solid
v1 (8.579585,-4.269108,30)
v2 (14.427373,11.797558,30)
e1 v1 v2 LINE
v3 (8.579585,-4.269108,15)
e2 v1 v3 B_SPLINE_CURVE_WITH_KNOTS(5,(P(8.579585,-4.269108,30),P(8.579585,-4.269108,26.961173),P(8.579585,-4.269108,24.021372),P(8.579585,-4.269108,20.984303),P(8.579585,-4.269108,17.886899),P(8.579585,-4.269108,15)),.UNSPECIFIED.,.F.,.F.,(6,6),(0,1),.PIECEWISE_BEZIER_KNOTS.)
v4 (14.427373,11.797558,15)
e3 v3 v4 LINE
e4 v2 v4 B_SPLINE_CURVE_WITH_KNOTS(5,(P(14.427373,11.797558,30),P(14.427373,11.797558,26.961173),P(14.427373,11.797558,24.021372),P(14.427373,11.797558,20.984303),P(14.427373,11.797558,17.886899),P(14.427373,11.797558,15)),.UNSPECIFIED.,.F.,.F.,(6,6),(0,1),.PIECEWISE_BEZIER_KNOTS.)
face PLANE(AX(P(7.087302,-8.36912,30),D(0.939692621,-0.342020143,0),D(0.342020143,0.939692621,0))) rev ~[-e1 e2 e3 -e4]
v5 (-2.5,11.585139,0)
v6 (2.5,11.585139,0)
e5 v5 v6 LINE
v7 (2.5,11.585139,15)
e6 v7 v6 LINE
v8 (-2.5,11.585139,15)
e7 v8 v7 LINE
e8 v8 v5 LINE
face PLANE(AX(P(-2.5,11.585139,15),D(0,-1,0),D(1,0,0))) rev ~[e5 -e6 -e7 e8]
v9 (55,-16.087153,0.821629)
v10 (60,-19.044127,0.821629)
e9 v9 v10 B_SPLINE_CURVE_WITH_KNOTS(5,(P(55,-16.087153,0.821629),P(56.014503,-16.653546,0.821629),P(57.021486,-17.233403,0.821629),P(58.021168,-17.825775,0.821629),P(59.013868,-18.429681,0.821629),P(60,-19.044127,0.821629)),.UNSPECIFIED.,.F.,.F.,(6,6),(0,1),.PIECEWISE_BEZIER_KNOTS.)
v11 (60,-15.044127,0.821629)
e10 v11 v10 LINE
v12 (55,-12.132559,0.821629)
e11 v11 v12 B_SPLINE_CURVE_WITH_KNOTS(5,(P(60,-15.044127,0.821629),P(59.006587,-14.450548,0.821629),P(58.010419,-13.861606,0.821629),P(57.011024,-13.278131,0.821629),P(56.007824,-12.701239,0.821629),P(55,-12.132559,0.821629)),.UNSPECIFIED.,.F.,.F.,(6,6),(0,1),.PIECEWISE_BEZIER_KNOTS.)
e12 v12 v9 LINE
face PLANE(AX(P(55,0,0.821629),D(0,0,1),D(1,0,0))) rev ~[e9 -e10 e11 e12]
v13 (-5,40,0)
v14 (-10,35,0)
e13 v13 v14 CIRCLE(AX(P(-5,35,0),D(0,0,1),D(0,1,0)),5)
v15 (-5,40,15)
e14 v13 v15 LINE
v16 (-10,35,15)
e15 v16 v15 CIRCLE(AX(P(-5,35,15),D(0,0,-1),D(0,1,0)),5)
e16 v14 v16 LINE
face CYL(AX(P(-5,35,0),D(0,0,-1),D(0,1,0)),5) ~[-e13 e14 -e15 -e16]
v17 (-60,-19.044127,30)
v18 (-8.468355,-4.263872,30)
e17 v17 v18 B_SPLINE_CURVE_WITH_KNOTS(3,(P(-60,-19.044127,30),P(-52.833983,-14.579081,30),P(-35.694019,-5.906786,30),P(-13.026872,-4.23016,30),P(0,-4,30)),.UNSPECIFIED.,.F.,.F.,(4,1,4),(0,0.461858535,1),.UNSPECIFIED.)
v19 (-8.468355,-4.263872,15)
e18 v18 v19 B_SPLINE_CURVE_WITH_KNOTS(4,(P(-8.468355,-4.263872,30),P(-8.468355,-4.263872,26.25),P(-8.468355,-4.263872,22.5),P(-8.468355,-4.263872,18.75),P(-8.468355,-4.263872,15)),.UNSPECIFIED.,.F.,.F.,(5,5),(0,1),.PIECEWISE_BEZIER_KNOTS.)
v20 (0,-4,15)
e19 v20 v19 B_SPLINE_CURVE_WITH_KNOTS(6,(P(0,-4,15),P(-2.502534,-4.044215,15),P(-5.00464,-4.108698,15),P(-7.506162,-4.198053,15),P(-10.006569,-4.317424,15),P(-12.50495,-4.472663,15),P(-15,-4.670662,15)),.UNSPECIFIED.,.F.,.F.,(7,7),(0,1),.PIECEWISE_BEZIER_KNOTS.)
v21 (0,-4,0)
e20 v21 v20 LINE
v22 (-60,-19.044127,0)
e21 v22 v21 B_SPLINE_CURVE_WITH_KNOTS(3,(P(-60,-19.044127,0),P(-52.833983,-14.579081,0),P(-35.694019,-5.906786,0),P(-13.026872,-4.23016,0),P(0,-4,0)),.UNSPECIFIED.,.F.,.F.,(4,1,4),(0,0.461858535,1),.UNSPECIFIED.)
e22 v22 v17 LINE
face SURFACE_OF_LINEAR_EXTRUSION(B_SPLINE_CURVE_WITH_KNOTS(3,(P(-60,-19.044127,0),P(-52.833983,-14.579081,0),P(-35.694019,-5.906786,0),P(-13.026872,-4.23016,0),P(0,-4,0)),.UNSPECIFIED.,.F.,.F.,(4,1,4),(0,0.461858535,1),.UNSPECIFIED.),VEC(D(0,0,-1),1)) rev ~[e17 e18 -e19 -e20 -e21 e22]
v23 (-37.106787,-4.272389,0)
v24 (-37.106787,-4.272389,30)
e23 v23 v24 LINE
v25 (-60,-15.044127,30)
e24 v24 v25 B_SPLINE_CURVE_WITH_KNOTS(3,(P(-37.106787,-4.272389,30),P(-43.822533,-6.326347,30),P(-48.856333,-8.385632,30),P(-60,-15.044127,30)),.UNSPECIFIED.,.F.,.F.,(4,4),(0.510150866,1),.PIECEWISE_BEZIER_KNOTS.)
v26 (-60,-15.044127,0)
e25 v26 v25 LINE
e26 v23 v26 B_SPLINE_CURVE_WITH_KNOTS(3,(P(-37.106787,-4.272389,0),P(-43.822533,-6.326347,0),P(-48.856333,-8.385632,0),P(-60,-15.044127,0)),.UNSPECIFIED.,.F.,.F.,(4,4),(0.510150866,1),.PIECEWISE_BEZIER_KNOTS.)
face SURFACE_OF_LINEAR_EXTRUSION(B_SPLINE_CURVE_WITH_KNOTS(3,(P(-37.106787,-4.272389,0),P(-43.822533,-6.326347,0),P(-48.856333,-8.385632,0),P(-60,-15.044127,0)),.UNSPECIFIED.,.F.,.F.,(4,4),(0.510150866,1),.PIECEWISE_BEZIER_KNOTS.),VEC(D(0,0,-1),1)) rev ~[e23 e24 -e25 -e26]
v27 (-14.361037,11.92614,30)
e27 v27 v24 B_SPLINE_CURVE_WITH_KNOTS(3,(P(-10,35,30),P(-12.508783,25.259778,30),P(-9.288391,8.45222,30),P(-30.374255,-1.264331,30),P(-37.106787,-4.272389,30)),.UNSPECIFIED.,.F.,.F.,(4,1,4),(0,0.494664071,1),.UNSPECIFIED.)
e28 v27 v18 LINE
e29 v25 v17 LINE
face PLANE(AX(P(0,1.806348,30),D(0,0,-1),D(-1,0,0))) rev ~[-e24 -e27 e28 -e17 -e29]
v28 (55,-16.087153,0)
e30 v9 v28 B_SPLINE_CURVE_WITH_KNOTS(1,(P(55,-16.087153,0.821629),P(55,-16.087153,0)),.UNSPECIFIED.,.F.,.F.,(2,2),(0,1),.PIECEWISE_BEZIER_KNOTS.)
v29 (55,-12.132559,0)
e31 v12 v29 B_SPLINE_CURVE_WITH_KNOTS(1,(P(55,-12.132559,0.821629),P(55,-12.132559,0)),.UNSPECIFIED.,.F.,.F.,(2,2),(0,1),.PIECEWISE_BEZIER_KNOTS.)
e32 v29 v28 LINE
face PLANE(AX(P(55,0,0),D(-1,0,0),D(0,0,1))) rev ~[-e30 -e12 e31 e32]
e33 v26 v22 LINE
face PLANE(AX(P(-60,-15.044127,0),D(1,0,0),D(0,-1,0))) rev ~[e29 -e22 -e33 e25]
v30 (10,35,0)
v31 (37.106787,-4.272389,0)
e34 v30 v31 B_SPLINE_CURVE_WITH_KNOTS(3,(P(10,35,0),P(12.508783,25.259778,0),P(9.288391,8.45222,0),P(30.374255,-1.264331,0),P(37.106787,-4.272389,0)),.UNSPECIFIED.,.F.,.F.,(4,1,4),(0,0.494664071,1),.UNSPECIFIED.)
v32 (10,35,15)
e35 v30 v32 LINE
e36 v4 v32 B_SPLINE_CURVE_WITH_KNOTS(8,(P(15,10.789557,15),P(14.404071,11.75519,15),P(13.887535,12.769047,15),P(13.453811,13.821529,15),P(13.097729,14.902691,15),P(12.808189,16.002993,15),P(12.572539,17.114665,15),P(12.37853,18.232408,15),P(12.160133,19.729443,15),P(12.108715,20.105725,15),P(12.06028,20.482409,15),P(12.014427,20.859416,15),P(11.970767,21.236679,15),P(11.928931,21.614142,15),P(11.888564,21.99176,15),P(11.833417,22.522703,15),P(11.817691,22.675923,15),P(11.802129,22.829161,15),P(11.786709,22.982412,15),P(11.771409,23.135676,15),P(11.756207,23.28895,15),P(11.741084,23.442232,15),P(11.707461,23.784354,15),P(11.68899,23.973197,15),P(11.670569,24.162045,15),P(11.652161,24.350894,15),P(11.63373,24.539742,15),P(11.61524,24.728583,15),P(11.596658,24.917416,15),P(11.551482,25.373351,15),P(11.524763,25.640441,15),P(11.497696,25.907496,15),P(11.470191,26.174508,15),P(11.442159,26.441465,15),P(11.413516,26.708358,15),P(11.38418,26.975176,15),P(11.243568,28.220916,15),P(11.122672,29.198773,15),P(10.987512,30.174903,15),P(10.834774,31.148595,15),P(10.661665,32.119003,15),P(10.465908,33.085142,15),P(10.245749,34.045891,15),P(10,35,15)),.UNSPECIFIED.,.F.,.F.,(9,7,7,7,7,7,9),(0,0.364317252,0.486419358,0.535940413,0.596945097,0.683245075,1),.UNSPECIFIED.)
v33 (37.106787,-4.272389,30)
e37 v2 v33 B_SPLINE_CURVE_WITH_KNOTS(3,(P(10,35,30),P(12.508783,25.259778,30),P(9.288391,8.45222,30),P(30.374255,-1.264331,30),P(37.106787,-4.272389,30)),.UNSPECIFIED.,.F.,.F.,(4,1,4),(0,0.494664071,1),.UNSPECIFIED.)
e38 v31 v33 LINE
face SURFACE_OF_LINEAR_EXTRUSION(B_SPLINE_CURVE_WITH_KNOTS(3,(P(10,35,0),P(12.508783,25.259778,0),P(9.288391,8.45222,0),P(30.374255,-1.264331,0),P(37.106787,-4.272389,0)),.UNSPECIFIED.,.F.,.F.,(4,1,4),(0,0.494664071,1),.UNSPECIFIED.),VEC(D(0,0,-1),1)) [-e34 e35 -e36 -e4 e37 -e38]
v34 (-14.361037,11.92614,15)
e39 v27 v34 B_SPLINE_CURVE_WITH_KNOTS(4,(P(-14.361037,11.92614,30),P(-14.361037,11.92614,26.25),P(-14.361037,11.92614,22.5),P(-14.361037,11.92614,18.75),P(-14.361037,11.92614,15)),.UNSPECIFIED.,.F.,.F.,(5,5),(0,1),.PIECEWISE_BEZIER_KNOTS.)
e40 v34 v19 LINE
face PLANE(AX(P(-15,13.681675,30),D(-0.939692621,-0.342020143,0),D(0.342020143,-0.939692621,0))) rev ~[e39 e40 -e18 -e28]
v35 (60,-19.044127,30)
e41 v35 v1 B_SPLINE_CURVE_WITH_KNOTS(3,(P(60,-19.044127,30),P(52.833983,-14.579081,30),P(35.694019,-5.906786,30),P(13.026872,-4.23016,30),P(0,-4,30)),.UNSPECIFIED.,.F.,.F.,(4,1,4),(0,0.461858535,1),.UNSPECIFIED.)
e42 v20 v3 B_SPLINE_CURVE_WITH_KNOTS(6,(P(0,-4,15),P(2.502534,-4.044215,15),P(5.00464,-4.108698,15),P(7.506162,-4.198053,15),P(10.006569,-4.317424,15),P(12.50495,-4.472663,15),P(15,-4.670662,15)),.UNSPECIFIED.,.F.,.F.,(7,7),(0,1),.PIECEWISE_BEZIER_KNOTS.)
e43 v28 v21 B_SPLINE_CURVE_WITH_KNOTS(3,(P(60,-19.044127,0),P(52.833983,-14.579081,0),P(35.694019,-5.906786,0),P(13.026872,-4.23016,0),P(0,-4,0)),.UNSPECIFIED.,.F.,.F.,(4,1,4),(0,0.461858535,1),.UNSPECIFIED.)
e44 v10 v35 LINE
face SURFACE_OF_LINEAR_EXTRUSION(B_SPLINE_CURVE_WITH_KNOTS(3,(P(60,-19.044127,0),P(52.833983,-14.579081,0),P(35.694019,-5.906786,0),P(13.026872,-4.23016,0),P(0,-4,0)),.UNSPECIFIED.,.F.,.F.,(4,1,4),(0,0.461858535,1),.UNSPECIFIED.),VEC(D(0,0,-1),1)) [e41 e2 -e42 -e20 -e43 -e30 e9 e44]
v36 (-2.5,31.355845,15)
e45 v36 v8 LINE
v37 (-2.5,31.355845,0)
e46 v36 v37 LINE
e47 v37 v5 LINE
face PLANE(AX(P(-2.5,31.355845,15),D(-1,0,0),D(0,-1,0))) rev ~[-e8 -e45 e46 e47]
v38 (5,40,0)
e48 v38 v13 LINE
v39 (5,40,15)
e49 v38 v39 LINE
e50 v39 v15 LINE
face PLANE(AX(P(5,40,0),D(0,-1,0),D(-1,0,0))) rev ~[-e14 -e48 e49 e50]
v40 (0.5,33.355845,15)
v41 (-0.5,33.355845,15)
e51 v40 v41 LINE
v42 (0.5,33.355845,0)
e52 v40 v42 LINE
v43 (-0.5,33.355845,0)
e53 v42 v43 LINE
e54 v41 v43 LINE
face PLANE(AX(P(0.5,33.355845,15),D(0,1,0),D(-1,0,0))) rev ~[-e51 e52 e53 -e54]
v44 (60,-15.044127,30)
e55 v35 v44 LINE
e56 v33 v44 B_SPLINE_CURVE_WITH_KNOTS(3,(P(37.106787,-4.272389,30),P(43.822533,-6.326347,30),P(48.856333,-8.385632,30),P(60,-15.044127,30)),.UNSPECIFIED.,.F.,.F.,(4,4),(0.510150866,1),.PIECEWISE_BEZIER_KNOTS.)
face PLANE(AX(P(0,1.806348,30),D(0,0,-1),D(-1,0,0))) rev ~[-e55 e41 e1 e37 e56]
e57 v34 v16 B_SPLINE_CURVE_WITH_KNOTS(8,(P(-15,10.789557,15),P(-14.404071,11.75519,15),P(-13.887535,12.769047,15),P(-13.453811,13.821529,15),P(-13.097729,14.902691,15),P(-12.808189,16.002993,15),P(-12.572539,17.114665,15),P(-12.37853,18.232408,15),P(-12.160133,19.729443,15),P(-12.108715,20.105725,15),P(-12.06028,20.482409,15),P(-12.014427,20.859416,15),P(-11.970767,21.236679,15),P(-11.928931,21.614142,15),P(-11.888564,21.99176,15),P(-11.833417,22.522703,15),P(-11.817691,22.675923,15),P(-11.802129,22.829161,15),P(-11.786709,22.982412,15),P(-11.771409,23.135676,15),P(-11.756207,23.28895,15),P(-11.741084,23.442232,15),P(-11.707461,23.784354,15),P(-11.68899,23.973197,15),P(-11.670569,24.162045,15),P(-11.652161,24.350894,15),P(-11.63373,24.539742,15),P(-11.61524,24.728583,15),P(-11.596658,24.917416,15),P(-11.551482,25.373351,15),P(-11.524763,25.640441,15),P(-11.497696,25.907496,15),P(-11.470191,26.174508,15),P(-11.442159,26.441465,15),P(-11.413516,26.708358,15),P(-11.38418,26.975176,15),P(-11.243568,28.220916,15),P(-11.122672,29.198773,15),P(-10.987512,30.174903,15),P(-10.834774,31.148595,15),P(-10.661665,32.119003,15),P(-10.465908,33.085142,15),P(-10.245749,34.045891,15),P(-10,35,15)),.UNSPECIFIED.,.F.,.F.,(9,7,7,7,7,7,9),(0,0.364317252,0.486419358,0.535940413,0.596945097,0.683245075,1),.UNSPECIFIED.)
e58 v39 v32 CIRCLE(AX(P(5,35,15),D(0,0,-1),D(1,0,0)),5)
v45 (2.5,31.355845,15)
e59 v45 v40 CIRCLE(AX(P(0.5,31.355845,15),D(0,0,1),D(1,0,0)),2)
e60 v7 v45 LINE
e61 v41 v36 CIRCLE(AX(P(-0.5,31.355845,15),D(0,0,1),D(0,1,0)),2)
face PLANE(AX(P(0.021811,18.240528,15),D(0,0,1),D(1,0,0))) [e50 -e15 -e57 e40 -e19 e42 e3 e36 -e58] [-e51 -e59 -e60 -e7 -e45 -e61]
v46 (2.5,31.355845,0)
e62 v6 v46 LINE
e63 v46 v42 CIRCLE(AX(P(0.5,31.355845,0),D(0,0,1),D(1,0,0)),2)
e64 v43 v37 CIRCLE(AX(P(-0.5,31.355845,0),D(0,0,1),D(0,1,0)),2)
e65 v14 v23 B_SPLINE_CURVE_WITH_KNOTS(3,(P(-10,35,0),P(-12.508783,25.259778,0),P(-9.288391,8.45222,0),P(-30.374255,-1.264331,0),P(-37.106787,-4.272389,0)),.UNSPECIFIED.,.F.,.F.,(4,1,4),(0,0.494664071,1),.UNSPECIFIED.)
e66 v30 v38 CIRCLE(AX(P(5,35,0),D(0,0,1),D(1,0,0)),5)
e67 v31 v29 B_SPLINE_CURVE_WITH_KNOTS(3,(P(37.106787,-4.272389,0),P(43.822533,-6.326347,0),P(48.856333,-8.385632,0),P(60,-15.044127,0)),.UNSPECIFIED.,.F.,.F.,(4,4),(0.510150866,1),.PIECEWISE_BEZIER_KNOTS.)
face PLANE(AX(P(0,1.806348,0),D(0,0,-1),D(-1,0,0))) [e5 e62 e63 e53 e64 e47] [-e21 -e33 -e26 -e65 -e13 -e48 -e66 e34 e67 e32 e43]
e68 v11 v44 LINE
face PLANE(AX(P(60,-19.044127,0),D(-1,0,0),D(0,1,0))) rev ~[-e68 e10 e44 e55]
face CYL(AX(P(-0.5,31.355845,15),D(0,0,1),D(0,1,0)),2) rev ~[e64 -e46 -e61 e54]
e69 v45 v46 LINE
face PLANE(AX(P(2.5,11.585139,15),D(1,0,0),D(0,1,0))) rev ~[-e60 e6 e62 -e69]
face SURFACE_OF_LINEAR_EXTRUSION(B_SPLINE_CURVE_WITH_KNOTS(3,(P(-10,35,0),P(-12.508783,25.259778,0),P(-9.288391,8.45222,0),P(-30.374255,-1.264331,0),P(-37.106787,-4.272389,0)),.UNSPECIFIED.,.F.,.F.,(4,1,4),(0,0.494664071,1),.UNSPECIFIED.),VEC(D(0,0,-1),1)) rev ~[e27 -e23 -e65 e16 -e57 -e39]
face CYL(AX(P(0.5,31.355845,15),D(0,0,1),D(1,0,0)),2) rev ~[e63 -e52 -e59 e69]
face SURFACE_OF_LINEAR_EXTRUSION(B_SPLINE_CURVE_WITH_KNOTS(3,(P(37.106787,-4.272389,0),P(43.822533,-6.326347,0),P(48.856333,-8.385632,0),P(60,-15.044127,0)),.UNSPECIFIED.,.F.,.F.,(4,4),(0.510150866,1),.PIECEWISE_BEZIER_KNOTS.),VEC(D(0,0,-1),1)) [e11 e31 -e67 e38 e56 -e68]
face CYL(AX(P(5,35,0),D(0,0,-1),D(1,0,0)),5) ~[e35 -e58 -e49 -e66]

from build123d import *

# Parameters (mm, degrees)
F1_DEPTH = 30
F3_DEPTH = 15
F5_DEPTH = 15
F6_W     = 5
F6_H     = 0.8216293063
F7_DEPTH = 19.0451266038


with BuildPart() as f1:
    # F0 (on Top) → F1 (new body)
    with BuildSketch(Plane.XY):
        with BuildLine():
            add(Edge.make_bspline(
                [(37.1067872729, -4.2723893299), (43.8225328786, -6.3263470576), (48.8563328981, -8.3856321871), (60, -15.0441265038)],
                knots=[0.5101508663, 0.5101508663, 0.5101508663, 0.5101508663, 1, 1, 1, 1], degree=3))
            add(Edge.make_bspline(
                [(10, 35), (12.5087825336, 25.2597781502), (9.2883909053, 8.4522198534), (30.3742546348, -1.2643312428), (37.1067872729, -4.2723893299)],
                knots=[0, 0, 0, 0, 0.494664071, 1, 1, 1, 1], degree=3))
            ThreePointArc((10, 35), (8.5355339059, 38.5355339059), (5, 40))
            Line((5, 40), (0, 40))
            Line((0, 40), (-5, 40))
            ThreePointArc((-5, 40), (-8.5355339059, 38.5355339059), (-10, 35))
            add(Edge.make_bspline(
                [(-10, 35), (-12.5087825336, 25.2597781502), (-9.2883909053, 8.4522198534), (-30.3742546348, -1.2643312428), (-37.1067872729, -4.2723893299)],
                knots=[0, 0, 0, 0, 0.494664071, 1, 1, 1, 1], degree=3))
            add(Edge.make_bspline(
                [(-37.1067872729, -4.2723893299), (-43.8225328786, -6.3263470576), (-48.8563328981, -8.3856321871), (-60, -15.0441265038)],
                knots=[0.5101508663, 0.5101508663, 0.5101508663, 0.5101508663, 1, 1, 1, 1], degree=3))
            Line((-60, -15.0441265038), (-60, -19.0441265038))
            add(Edge.make_bspline(
                [(-60, -19.0441265038), (-52.8339832092, -14.5790806997), (-35.6940193818, -5.9067861207), (-13.0268717706, -4.2301601805), (0, -4)],
                knots=[0, 0, 0, 0, 0.4618585351, 1, 1, 1, 1], degree=3))
            add(Edge.make_bspline(
                [(60, -19.0441265038), (52.8339832092, -14.5790806997), (35.6940193818, -5.9067861207), (13.0268717706, -4.2301601805), (0, -4)],
                knots=[0, 0, 0, 0, 0.4618585351, 1, 1, 1, 1], degree=3))
            Line((60, -19.0441265038), (60, -15.0441265038))
        make_face()
    extrude(amount=F1_DEPTH)

    # F2 (on face) → F3 (cut)
    with BuildSketch(Plane.XY.offset(30)):
        Polygon((15, 40), (-15, 40), (-15, 13.6816753075), (-6.9741668392, -8.3691200741), (7.0873022438, -8.3691200741), (15, 13.3708383381), align=None)
    extrude(amount=-F3_DEPTH, mode=Mode.SUBTRACT)

    # F4 (on face) → F5 (cut, through all)
    with BuildSketch(Plane.XY.offset(15)):
        with BuildLine():
            Line((0.5, 33.355844829), (-0.5, 33.355844829))
            ThreePointArc((-0.5, 33.355844829), (-1.9142135624, 32.7700583913), (-2.5, 31.355844829))
            Line((-2.5, 31.355844829), (-2.5, 11.5851387382))
            Line((-2.5, 11.5851387382), (2.5, 11.5851387382))
            Line((2.5, 11.5851387382), (2.5, 31.355844829))
            ThreePointArc((2.5, 31.355844829), (1.9142135624, 32.7700583913), (0.5, 33.355844829))
        make_face()
    extrude(amount=-F5_DEPTH, mode=Mode.SUBTRACT)

    # F6 (on Front) → F7 (cut, through all)
    with BuildSketch(Plane.XZ):
        with Locations((57.5, 0.4108146532)):
            Rectangle(F6_W, F6_H)
    extrude(amount=F7_DEPTH, mode=Mode.SUBTRACT)


solid = f1.part
